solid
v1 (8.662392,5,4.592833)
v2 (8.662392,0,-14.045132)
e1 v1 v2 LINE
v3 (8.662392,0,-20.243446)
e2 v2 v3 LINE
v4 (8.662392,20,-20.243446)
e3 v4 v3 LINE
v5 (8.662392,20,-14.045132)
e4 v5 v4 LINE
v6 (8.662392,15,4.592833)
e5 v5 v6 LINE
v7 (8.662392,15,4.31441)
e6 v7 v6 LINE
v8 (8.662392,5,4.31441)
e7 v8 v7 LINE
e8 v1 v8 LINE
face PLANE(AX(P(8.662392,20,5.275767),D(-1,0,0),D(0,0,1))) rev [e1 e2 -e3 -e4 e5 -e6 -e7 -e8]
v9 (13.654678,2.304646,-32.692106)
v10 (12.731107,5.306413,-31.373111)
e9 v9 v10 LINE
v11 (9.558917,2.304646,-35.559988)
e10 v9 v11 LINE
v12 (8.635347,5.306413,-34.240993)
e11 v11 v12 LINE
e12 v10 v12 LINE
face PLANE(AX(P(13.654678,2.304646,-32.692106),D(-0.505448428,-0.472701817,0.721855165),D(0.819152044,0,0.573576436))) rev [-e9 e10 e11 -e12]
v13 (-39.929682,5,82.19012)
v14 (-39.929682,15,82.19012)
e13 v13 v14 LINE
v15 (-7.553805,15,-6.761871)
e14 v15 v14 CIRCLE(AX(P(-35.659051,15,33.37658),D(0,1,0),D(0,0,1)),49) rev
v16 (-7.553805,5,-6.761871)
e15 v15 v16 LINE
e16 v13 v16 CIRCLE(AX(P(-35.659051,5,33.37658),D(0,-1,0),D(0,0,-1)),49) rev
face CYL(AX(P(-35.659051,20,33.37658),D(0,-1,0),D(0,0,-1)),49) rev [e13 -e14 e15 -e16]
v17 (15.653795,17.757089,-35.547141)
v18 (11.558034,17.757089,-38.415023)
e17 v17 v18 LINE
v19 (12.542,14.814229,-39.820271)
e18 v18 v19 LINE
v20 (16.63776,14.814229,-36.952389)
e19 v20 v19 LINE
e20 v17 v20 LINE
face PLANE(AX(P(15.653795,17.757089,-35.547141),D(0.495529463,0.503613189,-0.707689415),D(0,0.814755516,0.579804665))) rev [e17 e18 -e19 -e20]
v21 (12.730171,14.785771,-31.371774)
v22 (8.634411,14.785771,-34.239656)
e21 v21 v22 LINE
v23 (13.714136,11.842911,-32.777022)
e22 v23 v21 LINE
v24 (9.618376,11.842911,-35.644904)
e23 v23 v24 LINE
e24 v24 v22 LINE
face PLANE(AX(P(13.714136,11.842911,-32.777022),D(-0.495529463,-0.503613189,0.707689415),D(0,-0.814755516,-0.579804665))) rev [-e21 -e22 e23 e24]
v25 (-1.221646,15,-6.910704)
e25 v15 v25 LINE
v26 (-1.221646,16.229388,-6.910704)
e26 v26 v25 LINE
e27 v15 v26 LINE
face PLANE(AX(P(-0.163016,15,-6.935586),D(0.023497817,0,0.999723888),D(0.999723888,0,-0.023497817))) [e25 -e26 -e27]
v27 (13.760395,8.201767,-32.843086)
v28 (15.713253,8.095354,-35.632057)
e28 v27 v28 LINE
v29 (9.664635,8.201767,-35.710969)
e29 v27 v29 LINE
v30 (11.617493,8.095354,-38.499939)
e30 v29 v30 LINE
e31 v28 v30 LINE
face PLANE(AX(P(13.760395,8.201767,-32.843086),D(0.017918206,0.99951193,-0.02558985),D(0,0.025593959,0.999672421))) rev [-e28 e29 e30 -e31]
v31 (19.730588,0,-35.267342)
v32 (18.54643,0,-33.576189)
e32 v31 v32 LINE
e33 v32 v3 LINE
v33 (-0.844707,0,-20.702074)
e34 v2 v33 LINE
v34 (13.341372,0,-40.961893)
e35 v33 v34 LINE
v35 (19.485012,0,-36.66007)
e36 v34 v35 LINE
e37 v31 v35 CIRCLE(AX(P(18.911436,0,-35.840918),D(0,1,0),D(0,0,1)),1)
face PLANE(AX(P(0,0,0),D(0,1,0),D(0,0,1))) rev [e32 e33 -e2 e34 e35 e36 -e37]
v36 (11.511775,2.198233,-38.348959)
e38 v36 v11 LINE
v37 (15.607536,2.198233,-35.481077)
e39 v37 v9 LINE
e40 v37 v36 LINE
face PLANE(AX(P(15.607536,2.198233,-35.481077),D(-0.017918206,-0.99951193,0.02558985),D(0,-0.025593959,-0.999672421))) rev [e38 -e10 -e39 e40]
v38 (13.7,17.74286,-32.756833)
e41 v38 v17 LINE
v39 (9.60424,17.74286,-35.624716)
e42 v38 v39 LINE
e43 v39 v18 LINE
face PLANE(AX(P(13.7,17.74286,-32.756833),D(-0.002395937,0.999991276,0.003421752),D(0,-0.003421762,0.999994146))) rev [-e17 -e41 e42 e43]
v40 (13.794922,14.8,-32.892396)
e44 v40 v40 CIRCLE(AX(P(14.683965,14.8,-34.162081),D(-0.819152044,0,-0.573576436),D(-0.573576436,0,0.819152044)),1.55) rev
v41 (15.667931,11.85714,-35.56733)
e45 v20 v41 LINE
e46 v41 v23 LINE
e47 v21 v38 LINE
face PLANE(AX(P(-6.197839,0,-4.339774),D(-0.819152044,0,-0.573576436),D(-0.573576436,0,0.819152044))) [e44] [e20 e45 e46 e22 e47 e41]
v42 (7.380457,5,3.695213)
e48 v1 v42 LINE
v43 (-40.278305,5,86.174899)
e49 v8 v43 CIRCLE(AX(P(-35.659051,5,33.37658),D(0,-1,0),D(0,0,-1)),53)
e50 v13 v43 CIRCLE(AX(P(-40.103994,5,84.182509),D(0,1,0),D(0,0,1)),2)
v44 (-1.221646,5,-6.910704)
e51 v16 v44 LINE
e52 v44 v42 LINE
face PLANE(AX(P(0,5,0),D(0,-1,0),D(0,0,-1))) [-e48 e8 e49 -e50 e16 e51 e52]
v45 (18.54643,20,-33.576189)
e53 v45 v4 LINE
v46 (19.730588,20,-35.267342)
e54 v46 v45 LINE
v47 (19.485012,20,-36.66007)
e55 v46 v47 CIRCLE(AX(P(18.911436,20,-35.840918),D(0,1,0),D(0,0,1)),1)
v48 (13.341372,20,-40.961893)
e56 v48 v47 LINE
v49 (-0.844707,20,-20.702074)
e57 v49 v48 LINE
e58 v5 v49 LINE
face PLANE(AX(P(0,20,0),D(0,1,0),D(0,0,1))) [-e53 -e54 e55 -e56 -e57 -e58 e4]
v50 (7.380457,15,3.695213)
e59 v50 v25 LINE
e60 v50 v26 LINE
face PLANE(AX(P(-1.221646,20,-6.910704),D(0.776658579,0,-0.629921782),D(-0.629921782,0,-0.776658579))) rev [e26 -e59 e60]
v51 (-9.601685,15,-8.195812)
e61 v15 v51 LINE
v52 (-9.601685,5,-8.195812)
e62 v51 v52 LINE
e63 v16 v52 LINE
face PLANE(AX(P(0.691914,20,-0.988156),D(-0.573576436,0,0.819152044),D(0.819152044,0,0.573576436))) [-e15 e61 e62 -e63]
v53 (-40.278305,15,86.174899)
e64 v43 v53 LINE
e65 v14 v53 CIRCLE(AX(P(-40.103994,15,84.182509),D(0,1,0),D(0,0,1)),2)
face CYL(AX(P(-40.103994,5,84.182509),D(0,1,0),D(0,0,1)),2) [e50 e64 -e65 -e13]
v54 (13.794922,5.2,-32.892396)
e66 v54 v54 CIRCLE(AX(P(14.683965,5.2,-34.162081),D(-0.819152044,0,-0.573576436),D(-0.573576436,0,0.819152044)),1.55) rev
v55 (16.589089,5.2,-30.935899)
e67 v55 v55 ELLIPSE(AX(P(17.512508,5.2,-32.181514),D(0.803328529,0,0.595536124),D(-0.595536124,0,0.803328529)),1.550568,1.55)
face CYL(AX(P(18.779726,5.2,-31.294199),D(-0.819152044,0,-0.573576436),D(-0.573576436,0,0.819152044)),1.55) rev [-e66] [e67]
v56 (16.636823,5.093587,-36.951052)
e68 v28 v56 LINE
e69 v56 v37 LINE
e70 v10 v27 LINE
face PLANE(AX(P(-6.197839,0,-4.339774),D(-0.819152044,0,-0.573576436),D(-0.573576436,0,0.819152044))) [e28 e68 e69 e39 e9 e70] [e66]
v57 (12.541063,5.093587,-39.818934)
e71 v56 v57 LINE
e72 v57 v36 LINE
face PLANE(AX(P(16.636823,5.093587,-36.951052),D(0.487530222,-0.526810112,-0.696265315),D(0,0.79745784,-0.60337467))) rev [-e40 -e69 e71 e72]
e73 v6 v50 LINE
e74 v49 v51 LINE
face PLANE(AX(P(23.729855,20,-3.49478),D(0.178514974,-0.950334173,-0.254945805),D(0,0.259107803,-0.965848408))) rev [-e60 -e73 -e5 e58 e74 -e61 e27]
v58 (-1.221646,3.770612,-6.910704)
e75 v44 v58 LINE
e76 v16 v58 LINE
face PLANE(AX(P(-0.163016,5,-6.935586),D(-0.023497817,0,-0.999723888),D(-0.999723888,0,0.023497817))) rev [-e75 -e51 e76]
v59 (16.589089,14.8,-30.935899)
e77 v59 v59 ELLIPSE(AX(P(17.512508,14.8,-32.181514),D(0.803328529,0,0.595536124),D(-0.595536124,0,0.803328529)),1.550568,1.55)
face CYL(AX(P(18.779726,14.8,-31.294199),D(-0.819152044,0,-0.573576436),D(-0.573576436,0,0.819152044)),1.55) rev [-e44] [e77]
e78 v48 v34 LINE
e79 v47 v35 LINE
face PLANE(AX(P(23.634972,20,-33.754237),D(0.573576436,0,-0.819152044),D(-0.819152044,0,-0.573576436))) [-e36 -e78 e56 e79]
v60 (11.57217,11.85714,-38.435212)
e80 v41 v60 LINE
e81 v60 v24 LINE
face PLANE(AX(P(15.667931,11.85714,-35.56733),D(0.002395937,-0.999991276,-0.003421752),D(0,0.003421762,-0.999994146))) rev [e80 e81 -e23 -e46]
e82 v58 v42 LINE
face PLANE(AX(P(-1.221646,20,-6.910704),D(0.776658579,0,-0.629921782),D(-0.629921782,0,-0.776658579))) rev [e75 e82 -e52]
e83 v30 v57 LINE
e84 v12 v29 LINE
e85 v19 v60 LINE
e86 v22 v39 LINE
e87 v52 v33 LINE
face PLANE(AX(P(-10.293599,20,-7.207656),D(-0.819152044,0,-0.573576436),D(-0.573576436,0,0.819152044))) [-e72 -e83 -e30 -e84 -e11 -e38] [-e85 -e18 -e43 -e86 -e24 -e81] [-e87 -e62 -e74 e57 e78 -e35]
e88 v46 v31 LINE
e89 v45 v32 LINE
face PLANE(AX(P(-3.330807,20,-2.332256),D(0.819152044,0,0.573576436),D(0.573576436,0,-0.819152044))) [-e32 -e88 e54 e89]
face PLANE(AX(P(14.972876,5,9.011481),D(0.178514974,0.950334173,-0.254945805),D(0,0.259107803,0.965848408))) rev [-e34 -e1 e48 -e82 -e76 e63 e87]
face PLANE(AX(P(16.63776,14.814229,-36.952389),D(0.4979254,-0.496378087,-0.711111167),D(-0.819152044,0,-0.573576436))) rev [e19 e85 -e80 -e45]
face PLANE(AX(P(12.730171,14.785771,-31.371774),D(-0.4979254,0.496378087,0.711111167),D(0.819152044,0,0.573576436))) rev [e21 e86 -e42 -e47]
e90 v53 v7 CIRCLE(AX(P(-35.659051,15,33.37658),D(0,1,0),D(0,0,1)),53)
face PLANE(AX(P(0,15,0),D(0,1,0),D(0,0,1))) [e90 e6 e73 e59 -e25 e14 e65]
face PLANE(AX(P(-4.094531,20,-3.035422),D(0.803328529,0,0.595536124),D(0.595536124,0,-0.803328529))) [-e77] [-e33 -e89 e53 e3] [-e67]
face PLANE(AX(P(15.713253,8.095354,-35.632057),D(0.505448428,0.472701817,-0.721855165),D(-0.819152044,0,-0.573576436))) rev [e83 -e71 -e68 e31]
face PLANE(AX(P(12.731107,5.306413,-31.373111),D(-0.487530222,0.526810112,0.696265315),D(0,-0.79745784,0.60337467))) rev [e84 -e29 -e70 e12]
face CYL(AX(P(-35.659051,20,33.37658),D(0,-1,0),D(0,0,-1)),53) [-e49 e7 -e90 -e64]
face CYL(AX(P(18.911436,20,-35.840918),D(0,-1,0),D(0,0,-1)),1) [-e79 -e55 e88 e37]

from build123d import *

# Parameters (mm, degrees)
EXTRUDE_5_DEPTH     = 20
SKETCH_4_R          = 1.55
CUT_EXTRUDE_1_DEPTH = 10
CUT_EXTRUDE_2_DEPTH = 5
CUT_EXTRUDE_START   = -5
CUT_EXTRUDE_3_DEPTH = 5
CUT_EXTRUDE_4_DEPTH = 5
EXTRUDE_7_DEPTH     = 20
CUT_EXTRUDE_6_DEPTH = 30
CUT_EXTRUDE_START_2 = -10
SKETCH_11_R         = 1
CUT_EXTRUDE_7_DEPTH = 10
EXTRUDE_8_DEPTH     = 10


with BuildPart() as part:
    # 草图1 → 凸台-拉伸5 (new body)
    with BuildSketch(Plane(origin=(0, 0, 0), x_dir=(1, 0, 0), z_dir=(0, 1, 0))):
        with BuildLine():
            Line((-9.02810898, 9.014963713), (-9.601685416, 8.195811669))
            Line((-9.601685416, 8.195811669), (-7.553805305, 6.761870578))
            ThreePointArc((-7.553805305, 6.761870578), (4.479399484, -61.481824974), (-63.764296068, -73.515029763))
            Line((-63.764296068, -73.515029763), (-66.058601813, -76.79163794))
            ThreePointArc((-66.058601813, -76.79163794), (6.240788915, -65.832756837), (-1.221646395, 6.910703583))
            Line((-1.221646395, 6.910703583), (18.546430176, 33.576189082))
            Line((18.546430176, 33.576189082), (19.730587978, 35.267341687))
            ThreePointArc((19.730587978, 35.267341687), (19.896243687, 36.014566301), (19.48501237, 36.660070167))
            Line((19.48501237, 36.660070167), (13.341372038, 40.96189344))
            Line((13.341372038, 40.96189344), (-7.880956107, 10.653267801))
            Line((-7.880956107, 10.653267801), (-8.454532543, 9.834115757))
            Line((-8.454532543, 9.834115757), (-9.02810898, 9.014963713))
        make_face()
    extrude(amount=EXTRUDE_5_DEPTH)

    # 草图4 → 切除-拉伸1 (cut)
    with BuildSketch(Plane(origin=(-10.293599492, 0, -7.20765596), x_dir=(-0.5735764363510502, 0, 0.8191520442889891), z_dir=(-0.8191520442889891, 0, -0.5735764363510502))):
        with Locations((-36.406315379, 14.8)):
            Circle(SKETCH_4_R)
        with Locations((-36.406315379, 5.2)):
            Circle(SKETCH_4_R)
    extrude(amount=-CUT_EXTRUDE_1_DEPTH, mode=Mode.SUBTRACT)

    # 草图4<4> → 切除-拉伸2 (cut)
    with BuildSketch(Plane(origin=(-10.293599492, 0, -7.20765596), x_dir=(-0.5735764363510502, 0, 0.8191520442889891), z_dir=(-0.8191520442889891, 0, -0.5735764363510502))):
        Polygon((-34.71546965, 11.84291122), (-32.99997851, 14.785770965), (-34.690824239, 17.742859745), (-38.097161108, 17.75708878), (-39.812652248, 14.814229035), (-38.121806519, 11.857140255), align=None)
        Polygon((-34.611807013, 2.304646298), (-33.001611337, 5.306412981), (-34.796119703, 8.201766683), (-38.200823744, 8.095353702), (-39.811019421, 5.093587019), (-38.016511055, 2.198233317), align=None)
    extrude(amount=-CUT_EXTRUDE_2_DEPTH, mode=Mode.SUBTRACT)

    # 草图5 → 切除-拉伸3 (cut)
    with BuildSketch(Plane(origin=(0, 20, 0), x_dir=(1, 0, 0), z_dir=(0, 1, 0)).offset(CUT_EXTRUDE_START)):
        with BuildLine():
            ThreePointArc((-7.553805305, 6.761870578), (4.479399484, -61.481824974), (-63.764296068, -73.515029763))
            Line((-63.764296068, -73.515029763), (-66.058601813, -76.79163794))
            ThreePointArc((-66.058601813, -76.79163794), (6.240788915, -65.832756837), (-1.221646395, 6.910703583))
            Line((-1.221646395, 6.910703583), (-7.553805305, 6.761870578))
        make_face()
    extrude(amount=CUT_EXTRUDE_3_DEPTH, mode=Mode.SUBTRACT)

    # 草图6 → 切除-拉伸4 (cut)
    with BuildSketch(Plane.XZ):
        with BuildLine():
            ThreePointArc((-1.221646395, -6.910703583), (6.240788915, 65.832756837), (-66.058601813, 76.79163794))
            Line((-66.058601813, 76.79163794), (-63.764296068, 73.515029763))
            ThreePointArc((-63.764296068, 73.515029763), (4.479399484, 61.481824974), (-7.553805305, -6.761870578))
            Line((-7.553805305, -6.761870578), (-1.221646395, -6.910703583))
        make_face()
    extrude(amount=-CUT_EXTRUDE_4_DEPTH, mode=Mode.SUBTRACT)

    # 草图9 → 凸台-拉伸7 (add)
    with BuildSketch(Plane(origin=(0, 0, 0), x_dir=(1, 0, 0), z_dir=(0, 1, 0))):
        Polygon((8.662391891, 20.243446333), (-1.221646395, 6.910703583), (8.662391891, -5.275766787), align=None)
    extrude(amount=EXTRUDE_7_DEPTH)

    # 草图7 → 切除-拉伸6 (cut)
    with BuildSketch(Plane(origin=(-10.293599492, 0, -7.20765596), x_dir=(-0.5735764363510472, 0, 0.819152044288991), z_dir=(-0.819152044288991, 0, -0.5735764363510472))):
        Polygon((-1.206315379, 5), (-16.473642116, 0), (0, 0), (28.572588785, 0), (28.572588785, 5), align=None)
        Polygon((-1.206315379, 20), (-16.473642116, 20), (-1.206315379, 15), (28.572588785, 15), (28.572588785, 20), align=None)
    extrude(amount=-CUT_EXTRUDE_6_DEPTH, mode=Mode.SUBTRACT)

    # 草图11 → 切除-拉伸7 (cut)
    with BuildSketch(Plane(origin=(0, 15, 0), x_dir=(1, 0, 0), z_dir=(0, 1, 0)).offset(CUT_EXTRUDE_START_2)):
        with Locations((-34.481669179, -37.284707791)):
            Circle(SKETCH_11_R)
        with BuildLine():
            Line((-63.764296068, -73.515029763), (-66.058601813, -76.79163794))
            ThreePointArc((-66.058601813, -76.79163794), (-53.786118283, -83.180288494), (-40.278305052, -86.174898591))
            Line((-40.278305052, -86.174898591), (-39.929682081, -82.190119799))
            ThreePointArc((-39.929682081, -82.190119799), (-52.41803771, -79.421518011), (-63.764296068, -73.515029763))
        make_face()
    extrude(amount=CUT_EXTRUDE_7_DEPTH, mode=Mode.SUBTRACT)

    # 草图18 → 凸台-拉伸8 (add)
    with BuildSketch(Plane(origin=(0, 15, 0), x_dir=(1, 0, 0), z_dir=(0, 1, 0))):
        with BuildLine():
            ThreePointArc((-39.929682081, -82.190119799), (-42.096382963, -84.00819771), (-40.278305052, -86.174898591))
            Line((-40.278305052, -86.174898591), (-39.929682081, -82.190119799))
        make_face()
    extrude(amount=-EXTRUDE_8_DEPTH)


solid = part.part
